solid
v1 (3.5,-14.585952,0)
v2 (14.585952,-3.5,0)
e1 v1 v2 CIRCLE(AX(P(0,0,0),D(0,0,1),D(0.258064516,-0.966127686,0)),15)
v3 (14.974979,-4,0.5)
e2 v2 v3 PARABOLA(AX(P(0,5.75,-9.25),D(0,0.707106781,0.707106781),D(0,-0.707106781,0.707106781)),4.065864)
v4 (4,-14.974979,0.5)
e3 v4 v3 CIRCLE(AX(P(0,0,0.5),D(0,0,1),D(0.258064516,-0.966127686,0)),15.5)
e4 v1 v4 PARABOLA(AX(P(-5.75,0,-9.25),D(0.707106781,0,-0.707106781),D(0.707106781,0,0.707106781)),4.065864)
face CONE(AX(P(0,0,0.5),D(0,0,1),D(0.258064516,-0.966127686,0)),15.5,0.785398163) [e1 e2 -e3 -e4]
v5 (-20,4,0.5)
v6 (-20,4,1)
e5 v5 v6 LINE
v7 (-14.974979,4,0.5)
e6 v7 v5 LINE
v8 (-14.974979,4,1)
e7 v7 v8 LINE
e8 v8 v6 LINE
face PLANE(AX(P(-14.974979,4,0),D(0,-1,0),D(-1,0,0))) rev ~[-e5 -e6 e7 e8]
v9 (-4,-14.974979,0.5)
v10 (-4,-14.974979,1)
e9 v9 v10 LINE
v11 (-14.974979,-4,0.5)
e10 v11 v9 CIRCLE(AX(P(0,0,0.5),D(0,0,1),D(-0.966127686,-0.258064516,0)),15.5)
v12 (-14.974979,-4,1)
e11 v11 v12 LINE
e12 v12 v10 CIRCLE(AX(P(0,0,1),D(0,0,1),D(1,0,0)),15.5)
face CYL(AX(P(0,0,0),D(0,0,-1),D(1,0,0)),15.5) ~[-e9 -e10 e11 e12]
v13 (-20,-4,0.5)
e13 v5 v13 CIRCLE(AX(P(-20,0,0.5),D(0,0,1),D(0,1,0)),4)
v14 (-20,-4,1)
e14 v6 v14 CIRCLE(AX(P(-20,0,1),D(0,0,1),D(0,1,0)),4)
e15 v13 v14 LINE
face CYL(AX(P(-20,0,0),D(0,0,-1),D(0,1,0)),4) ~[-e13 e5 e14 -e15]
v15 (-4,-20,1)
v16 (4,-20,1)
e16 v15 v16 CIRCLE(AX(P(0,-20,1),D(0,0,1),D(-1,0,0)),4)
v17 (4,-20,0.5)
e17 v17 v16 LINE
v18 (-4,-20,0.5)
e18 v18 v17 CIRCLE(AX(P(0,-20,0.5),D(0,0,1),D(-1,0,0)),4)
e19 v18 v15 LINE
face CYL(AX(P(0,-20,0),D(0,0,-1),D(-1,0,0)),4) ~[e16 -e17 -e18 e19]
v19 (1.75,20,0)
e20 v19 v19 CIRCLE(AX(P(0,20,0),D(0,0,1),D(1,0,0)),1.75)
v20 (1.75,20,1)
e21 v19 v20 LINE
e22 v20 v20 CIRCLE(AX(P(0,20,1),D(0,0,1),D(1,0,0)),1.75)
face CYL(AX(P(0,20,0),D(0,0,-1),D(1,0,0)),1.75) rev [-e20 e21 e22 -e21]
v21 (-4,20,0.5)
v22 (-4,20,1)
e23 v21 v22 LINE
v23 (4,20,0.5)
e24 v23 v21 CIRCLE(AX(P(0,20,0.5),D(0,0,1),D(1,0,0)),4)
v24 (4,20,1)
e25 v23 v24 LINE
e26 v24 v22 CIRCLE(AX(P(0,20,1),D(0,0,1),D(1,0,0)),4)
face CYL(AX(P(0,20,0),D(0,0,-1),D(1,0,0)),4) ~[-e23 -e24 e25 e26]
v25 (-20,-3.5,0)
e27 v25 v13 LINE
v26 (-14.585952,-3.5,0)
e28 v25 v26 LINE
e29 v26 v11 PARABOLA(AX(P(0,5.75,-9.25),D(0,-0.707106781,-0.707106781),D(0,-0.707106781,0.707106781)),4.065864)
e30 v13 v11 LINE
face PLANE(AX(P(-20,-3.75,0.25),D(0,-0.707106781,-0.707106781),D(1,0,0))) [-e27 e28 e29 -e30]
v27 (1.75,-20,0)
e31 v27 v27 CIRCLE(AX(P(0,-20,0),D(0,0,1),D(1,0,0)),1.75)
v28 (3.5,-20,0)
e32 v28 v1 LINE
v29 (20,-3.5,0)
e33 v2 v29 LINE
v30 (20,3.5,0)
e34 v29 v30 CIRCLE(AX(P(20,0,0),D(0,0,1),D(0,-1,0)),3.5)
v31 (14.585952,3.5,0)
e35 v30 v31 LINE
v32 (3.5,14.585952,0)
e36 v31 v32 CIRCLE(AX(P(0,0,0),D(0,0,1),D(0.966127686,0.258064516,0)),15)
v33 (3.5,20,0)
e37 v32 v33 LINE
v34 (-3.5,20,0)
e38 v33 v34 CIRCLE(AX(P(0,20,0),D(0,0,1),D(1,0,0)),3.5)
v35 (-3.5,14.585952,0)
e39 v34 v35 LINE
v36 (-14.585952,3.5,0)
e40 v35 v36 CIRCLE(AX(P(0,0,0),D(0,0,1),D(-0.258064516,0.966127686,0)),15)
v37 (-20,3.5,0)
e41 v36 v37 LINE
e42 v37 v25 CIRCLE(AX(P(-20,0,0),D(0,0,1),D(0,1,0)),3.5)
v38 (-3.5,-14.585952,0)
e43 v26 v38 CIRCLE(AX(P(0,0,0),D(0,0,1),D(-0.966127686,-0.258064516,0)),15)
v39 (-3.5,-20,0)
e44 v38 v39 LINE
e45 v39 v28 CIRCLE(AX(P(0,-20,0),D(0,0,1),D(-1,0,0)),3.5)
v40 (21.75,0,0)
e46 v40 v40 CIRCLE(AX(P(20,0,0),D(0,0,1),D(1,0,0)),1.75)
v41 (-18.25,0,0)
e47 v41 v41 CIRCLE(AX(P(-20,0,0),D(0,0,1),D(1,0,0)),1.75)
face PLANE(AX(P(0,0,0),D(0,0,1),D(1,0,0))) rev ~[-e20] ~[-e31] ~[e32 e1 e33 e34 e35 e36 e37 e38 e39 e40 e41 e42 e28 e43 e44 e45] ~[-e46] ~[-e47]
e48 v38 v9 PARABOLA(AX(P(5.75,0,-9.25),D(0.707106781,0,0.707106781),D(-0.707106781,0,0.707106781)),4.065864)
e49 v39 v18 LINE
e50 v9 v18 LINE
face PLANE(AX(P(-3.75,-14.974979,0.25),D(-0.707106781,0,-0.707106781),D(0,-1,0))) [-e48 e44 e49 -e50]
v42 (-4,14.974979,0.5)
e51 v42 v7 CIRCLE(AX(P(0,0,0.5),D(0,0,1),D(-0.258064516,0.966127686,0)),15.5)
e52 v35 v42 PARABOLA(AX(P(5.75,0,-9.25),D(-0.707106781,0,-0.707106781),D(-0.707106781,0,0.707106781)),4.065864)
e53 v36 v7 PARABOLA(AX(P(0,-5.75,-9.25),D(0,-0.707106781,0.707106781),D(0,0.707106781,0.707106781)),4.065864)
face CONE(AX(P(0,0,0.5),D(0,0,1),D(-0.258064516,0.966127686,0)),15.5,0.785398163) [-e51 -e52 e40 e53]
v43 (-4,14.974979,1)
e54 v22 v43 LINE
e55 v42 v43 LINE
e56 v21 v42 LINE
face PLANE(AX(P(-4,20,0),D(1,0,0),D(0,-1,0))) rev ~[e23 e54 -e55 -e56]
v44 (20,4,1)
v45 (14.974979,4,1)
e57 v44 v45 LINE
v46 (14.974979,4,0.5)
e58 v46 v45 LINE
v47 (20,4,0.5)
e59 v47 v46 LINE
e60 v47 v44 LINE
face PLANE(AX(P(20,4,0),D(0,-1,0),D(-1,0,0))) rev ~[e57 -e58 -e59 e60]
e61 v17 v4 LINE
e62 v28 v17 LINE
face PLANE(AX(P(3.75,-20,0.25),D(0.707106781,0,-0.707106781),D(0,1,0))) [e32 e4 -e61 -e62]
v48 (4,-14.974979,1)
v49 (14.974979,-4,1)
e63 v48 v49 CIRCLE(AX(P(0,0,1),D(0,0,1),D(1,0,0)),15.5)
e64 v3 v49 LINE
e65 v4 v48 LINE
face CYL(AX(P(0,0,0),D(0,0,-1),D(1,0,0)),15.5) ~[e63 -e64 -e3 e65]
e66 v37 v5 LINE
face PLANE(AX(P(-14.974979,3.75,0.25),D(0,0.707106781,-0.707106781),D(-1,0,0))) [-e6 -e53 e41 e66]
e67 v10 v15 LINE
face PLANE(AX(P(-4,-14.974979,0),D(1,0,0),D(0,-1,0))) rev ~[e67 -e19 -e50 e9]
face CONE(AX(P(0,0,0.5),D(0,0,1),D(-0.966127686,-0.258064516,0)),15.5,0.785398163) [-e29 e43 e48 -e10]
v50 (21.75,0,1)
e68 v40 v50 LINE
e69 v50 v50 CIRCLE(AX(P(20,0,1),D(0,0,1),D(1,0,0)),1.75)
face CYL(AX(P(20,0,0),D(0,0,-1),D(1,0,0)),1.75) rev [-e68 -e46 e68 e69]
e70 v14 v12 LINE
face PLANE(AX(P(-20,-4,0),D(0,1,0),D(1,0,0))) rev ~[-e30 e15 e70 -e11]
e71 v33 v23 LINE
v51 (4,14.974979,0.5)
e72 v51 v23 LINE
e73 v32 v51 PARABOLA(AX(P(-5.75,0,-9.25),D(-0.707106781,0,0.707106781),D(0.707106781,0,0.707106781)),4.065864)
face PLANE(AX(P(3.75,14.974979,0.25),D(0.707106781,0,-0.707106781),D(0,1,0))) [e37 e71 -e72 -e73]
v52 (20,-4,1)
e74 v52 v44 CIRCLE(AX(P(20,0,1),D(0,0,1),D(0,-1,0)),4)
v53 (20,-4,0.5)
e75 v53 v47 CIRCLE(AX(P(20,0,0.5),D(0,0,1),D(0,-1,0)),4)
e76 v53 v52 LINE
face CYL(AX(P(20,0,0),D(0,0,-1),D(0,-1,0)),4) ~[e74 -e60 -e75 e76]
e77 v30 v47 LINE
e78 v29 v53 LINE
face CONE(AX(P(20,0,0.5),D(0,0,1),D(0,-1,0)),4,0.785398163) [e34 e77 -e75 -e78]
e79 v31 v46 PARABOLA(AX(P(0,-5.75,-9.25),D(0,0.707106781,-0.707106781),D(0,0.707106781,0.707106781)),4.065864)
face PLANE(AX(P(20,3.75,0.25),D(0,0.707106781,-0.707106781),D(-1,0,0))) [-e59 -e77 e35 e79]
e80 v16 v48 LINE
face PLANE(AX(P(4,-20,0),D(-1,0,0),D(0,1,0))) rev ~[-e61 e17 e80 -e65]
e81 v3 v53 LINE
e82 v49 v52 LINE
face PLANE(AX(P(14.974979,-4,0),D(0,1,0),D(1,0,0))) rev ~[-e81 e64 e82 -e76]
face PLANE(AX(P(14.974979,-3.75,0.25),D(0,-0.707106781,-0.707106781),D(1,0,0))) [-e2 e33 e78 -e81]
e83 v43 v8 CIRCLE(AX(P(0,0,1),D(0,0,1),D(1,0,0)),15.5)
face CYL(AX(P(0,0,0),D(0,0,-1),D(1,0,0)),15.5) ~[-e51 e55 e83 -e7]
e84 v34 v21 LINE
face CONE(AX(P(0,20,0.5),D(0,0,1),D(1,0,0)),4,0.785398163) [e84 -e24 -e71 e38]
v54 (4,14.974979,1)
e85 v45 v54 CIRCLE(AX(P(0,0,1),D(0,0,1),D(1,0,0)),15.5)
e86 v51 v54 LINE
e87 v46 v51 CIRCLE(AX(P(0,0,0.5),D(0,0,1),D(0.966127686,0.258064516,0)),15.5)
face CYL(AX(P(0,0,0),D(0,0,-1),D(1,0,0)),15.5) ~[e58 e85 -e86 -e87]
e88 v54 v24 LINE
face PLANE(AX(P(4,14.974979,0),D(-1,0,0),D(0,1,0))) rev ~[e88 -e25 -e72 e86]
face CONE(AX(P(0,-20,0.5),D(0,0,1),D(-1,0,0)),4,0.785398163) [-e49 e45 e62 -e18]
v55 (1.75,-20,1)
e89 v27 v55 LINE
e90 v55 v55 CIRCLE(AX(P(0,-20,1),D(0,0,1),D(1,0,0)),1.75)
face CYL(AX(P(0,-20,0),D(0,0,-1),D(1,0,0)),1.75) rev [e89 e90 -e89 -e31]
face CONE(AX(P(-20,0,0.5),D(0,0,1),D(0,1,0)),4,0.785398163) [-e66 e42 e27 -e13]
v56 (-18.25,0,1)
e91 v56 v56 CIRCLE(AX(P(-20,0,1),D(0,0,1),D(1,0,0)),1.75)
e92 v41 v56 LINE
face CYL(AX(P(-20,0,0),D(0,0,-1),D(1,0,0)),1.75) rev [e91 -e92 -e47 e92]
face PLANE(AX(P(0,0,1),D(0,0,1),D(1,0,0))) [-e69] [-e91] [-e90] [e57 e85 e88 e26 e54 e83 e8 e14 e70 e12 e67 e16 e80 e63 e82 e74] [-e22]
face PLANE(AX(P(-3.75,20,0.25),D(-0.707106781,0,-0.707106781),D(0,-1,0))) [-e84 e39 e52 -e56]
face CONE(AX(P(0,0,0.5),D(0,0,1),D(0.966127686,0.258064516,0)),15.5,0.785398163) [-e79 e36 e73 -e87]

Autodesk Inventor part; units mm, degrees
ref_plane "YZ Plane" through (0, 0, 0) normal (1, 0, 0) x (0, 1, 0)
ref_plane "XZ Plane" through (0, 0, 0) normal (0, 1, 0) x (-1, 0, 0)
ref_plane "XY Plane" through (0, 0, 0) normal (0, 0, 1) x (1, 0, 0)
sketch "Sketch1" plane through (0, 0, 0) normal (0, 0, 1) x (1, 0, 0)
  circle A0 centre (0, 0) radius 15.5
  line L0 (-20, 0) -> (20, 0) construction
  line L1 (-20, -4) -> (20, -4)
  line L2 (20, 4) -> (-20, 4)
  arc A1 (-20, 4) -> (-20, -4) centre (-20, 0) ccw
  arc A2 (20, -4) -> (20, 4) centre (20, 0) ccw
  line L3 (0, -20) -> (0, 20) construction
  line L4 (4, -20) -> (4, 20)
  line L5 (-4, 20) -> (-4, -20)
  arc A3 (-4, -20) -> (4, -20) centre (0, -20) ccw
  arc A4 (4, 20) -> (-4, 20) centre (0, 20) ccw
  circle A5 centre (-20, 0) radius 1.75
  circle A6 centre (0, 20) radius 1.75
  circle A7 centre (20, 0) radius 1.75
  circle A8 centre (0, -20) radius 1.75
  point P0 (4, -14.975)
  point P1 (14.975, -4)
  point P2 (14.975, 4)
  point P3 (4, 14.975)
  point P4 (-4, 14.975)
  point P5 (-14.975, 4)
  point P6 (-14.975, -4)
  point P7 (-4, -14.975)
  dimension "d0" = 40
  dimension "d1" = 40
  dimension "d2" = 4
  dimension "d3" = 4
  dimension "d4" = 31
  dimension "d5" = 3.5
extrude "Extrusion1" add sketch "Sketch1" along normal blind 1
chamfer "Chamfer1" distance 0.5 angle 45 16 edges at (-10.9602, -10.9602, 0) (-4, -17.4875, 0) (0, -24, 0) (4, -17.4875, 0) (10.9602, -10.9602, 0) (17.4875, -4, 0) (24, 0, 0) (17.4875, 4, 0) (10.9602, 10.9602, 0) (4, 17.4875, 0) (0, 24, 0) (-4, 17.4875, 0) (-10.9602, 10.9602, 0) (-17.4875, 4, 0) (-24, 0, 0) (-17.4875, -4, 0)
properties part number "PlatformBracket"
